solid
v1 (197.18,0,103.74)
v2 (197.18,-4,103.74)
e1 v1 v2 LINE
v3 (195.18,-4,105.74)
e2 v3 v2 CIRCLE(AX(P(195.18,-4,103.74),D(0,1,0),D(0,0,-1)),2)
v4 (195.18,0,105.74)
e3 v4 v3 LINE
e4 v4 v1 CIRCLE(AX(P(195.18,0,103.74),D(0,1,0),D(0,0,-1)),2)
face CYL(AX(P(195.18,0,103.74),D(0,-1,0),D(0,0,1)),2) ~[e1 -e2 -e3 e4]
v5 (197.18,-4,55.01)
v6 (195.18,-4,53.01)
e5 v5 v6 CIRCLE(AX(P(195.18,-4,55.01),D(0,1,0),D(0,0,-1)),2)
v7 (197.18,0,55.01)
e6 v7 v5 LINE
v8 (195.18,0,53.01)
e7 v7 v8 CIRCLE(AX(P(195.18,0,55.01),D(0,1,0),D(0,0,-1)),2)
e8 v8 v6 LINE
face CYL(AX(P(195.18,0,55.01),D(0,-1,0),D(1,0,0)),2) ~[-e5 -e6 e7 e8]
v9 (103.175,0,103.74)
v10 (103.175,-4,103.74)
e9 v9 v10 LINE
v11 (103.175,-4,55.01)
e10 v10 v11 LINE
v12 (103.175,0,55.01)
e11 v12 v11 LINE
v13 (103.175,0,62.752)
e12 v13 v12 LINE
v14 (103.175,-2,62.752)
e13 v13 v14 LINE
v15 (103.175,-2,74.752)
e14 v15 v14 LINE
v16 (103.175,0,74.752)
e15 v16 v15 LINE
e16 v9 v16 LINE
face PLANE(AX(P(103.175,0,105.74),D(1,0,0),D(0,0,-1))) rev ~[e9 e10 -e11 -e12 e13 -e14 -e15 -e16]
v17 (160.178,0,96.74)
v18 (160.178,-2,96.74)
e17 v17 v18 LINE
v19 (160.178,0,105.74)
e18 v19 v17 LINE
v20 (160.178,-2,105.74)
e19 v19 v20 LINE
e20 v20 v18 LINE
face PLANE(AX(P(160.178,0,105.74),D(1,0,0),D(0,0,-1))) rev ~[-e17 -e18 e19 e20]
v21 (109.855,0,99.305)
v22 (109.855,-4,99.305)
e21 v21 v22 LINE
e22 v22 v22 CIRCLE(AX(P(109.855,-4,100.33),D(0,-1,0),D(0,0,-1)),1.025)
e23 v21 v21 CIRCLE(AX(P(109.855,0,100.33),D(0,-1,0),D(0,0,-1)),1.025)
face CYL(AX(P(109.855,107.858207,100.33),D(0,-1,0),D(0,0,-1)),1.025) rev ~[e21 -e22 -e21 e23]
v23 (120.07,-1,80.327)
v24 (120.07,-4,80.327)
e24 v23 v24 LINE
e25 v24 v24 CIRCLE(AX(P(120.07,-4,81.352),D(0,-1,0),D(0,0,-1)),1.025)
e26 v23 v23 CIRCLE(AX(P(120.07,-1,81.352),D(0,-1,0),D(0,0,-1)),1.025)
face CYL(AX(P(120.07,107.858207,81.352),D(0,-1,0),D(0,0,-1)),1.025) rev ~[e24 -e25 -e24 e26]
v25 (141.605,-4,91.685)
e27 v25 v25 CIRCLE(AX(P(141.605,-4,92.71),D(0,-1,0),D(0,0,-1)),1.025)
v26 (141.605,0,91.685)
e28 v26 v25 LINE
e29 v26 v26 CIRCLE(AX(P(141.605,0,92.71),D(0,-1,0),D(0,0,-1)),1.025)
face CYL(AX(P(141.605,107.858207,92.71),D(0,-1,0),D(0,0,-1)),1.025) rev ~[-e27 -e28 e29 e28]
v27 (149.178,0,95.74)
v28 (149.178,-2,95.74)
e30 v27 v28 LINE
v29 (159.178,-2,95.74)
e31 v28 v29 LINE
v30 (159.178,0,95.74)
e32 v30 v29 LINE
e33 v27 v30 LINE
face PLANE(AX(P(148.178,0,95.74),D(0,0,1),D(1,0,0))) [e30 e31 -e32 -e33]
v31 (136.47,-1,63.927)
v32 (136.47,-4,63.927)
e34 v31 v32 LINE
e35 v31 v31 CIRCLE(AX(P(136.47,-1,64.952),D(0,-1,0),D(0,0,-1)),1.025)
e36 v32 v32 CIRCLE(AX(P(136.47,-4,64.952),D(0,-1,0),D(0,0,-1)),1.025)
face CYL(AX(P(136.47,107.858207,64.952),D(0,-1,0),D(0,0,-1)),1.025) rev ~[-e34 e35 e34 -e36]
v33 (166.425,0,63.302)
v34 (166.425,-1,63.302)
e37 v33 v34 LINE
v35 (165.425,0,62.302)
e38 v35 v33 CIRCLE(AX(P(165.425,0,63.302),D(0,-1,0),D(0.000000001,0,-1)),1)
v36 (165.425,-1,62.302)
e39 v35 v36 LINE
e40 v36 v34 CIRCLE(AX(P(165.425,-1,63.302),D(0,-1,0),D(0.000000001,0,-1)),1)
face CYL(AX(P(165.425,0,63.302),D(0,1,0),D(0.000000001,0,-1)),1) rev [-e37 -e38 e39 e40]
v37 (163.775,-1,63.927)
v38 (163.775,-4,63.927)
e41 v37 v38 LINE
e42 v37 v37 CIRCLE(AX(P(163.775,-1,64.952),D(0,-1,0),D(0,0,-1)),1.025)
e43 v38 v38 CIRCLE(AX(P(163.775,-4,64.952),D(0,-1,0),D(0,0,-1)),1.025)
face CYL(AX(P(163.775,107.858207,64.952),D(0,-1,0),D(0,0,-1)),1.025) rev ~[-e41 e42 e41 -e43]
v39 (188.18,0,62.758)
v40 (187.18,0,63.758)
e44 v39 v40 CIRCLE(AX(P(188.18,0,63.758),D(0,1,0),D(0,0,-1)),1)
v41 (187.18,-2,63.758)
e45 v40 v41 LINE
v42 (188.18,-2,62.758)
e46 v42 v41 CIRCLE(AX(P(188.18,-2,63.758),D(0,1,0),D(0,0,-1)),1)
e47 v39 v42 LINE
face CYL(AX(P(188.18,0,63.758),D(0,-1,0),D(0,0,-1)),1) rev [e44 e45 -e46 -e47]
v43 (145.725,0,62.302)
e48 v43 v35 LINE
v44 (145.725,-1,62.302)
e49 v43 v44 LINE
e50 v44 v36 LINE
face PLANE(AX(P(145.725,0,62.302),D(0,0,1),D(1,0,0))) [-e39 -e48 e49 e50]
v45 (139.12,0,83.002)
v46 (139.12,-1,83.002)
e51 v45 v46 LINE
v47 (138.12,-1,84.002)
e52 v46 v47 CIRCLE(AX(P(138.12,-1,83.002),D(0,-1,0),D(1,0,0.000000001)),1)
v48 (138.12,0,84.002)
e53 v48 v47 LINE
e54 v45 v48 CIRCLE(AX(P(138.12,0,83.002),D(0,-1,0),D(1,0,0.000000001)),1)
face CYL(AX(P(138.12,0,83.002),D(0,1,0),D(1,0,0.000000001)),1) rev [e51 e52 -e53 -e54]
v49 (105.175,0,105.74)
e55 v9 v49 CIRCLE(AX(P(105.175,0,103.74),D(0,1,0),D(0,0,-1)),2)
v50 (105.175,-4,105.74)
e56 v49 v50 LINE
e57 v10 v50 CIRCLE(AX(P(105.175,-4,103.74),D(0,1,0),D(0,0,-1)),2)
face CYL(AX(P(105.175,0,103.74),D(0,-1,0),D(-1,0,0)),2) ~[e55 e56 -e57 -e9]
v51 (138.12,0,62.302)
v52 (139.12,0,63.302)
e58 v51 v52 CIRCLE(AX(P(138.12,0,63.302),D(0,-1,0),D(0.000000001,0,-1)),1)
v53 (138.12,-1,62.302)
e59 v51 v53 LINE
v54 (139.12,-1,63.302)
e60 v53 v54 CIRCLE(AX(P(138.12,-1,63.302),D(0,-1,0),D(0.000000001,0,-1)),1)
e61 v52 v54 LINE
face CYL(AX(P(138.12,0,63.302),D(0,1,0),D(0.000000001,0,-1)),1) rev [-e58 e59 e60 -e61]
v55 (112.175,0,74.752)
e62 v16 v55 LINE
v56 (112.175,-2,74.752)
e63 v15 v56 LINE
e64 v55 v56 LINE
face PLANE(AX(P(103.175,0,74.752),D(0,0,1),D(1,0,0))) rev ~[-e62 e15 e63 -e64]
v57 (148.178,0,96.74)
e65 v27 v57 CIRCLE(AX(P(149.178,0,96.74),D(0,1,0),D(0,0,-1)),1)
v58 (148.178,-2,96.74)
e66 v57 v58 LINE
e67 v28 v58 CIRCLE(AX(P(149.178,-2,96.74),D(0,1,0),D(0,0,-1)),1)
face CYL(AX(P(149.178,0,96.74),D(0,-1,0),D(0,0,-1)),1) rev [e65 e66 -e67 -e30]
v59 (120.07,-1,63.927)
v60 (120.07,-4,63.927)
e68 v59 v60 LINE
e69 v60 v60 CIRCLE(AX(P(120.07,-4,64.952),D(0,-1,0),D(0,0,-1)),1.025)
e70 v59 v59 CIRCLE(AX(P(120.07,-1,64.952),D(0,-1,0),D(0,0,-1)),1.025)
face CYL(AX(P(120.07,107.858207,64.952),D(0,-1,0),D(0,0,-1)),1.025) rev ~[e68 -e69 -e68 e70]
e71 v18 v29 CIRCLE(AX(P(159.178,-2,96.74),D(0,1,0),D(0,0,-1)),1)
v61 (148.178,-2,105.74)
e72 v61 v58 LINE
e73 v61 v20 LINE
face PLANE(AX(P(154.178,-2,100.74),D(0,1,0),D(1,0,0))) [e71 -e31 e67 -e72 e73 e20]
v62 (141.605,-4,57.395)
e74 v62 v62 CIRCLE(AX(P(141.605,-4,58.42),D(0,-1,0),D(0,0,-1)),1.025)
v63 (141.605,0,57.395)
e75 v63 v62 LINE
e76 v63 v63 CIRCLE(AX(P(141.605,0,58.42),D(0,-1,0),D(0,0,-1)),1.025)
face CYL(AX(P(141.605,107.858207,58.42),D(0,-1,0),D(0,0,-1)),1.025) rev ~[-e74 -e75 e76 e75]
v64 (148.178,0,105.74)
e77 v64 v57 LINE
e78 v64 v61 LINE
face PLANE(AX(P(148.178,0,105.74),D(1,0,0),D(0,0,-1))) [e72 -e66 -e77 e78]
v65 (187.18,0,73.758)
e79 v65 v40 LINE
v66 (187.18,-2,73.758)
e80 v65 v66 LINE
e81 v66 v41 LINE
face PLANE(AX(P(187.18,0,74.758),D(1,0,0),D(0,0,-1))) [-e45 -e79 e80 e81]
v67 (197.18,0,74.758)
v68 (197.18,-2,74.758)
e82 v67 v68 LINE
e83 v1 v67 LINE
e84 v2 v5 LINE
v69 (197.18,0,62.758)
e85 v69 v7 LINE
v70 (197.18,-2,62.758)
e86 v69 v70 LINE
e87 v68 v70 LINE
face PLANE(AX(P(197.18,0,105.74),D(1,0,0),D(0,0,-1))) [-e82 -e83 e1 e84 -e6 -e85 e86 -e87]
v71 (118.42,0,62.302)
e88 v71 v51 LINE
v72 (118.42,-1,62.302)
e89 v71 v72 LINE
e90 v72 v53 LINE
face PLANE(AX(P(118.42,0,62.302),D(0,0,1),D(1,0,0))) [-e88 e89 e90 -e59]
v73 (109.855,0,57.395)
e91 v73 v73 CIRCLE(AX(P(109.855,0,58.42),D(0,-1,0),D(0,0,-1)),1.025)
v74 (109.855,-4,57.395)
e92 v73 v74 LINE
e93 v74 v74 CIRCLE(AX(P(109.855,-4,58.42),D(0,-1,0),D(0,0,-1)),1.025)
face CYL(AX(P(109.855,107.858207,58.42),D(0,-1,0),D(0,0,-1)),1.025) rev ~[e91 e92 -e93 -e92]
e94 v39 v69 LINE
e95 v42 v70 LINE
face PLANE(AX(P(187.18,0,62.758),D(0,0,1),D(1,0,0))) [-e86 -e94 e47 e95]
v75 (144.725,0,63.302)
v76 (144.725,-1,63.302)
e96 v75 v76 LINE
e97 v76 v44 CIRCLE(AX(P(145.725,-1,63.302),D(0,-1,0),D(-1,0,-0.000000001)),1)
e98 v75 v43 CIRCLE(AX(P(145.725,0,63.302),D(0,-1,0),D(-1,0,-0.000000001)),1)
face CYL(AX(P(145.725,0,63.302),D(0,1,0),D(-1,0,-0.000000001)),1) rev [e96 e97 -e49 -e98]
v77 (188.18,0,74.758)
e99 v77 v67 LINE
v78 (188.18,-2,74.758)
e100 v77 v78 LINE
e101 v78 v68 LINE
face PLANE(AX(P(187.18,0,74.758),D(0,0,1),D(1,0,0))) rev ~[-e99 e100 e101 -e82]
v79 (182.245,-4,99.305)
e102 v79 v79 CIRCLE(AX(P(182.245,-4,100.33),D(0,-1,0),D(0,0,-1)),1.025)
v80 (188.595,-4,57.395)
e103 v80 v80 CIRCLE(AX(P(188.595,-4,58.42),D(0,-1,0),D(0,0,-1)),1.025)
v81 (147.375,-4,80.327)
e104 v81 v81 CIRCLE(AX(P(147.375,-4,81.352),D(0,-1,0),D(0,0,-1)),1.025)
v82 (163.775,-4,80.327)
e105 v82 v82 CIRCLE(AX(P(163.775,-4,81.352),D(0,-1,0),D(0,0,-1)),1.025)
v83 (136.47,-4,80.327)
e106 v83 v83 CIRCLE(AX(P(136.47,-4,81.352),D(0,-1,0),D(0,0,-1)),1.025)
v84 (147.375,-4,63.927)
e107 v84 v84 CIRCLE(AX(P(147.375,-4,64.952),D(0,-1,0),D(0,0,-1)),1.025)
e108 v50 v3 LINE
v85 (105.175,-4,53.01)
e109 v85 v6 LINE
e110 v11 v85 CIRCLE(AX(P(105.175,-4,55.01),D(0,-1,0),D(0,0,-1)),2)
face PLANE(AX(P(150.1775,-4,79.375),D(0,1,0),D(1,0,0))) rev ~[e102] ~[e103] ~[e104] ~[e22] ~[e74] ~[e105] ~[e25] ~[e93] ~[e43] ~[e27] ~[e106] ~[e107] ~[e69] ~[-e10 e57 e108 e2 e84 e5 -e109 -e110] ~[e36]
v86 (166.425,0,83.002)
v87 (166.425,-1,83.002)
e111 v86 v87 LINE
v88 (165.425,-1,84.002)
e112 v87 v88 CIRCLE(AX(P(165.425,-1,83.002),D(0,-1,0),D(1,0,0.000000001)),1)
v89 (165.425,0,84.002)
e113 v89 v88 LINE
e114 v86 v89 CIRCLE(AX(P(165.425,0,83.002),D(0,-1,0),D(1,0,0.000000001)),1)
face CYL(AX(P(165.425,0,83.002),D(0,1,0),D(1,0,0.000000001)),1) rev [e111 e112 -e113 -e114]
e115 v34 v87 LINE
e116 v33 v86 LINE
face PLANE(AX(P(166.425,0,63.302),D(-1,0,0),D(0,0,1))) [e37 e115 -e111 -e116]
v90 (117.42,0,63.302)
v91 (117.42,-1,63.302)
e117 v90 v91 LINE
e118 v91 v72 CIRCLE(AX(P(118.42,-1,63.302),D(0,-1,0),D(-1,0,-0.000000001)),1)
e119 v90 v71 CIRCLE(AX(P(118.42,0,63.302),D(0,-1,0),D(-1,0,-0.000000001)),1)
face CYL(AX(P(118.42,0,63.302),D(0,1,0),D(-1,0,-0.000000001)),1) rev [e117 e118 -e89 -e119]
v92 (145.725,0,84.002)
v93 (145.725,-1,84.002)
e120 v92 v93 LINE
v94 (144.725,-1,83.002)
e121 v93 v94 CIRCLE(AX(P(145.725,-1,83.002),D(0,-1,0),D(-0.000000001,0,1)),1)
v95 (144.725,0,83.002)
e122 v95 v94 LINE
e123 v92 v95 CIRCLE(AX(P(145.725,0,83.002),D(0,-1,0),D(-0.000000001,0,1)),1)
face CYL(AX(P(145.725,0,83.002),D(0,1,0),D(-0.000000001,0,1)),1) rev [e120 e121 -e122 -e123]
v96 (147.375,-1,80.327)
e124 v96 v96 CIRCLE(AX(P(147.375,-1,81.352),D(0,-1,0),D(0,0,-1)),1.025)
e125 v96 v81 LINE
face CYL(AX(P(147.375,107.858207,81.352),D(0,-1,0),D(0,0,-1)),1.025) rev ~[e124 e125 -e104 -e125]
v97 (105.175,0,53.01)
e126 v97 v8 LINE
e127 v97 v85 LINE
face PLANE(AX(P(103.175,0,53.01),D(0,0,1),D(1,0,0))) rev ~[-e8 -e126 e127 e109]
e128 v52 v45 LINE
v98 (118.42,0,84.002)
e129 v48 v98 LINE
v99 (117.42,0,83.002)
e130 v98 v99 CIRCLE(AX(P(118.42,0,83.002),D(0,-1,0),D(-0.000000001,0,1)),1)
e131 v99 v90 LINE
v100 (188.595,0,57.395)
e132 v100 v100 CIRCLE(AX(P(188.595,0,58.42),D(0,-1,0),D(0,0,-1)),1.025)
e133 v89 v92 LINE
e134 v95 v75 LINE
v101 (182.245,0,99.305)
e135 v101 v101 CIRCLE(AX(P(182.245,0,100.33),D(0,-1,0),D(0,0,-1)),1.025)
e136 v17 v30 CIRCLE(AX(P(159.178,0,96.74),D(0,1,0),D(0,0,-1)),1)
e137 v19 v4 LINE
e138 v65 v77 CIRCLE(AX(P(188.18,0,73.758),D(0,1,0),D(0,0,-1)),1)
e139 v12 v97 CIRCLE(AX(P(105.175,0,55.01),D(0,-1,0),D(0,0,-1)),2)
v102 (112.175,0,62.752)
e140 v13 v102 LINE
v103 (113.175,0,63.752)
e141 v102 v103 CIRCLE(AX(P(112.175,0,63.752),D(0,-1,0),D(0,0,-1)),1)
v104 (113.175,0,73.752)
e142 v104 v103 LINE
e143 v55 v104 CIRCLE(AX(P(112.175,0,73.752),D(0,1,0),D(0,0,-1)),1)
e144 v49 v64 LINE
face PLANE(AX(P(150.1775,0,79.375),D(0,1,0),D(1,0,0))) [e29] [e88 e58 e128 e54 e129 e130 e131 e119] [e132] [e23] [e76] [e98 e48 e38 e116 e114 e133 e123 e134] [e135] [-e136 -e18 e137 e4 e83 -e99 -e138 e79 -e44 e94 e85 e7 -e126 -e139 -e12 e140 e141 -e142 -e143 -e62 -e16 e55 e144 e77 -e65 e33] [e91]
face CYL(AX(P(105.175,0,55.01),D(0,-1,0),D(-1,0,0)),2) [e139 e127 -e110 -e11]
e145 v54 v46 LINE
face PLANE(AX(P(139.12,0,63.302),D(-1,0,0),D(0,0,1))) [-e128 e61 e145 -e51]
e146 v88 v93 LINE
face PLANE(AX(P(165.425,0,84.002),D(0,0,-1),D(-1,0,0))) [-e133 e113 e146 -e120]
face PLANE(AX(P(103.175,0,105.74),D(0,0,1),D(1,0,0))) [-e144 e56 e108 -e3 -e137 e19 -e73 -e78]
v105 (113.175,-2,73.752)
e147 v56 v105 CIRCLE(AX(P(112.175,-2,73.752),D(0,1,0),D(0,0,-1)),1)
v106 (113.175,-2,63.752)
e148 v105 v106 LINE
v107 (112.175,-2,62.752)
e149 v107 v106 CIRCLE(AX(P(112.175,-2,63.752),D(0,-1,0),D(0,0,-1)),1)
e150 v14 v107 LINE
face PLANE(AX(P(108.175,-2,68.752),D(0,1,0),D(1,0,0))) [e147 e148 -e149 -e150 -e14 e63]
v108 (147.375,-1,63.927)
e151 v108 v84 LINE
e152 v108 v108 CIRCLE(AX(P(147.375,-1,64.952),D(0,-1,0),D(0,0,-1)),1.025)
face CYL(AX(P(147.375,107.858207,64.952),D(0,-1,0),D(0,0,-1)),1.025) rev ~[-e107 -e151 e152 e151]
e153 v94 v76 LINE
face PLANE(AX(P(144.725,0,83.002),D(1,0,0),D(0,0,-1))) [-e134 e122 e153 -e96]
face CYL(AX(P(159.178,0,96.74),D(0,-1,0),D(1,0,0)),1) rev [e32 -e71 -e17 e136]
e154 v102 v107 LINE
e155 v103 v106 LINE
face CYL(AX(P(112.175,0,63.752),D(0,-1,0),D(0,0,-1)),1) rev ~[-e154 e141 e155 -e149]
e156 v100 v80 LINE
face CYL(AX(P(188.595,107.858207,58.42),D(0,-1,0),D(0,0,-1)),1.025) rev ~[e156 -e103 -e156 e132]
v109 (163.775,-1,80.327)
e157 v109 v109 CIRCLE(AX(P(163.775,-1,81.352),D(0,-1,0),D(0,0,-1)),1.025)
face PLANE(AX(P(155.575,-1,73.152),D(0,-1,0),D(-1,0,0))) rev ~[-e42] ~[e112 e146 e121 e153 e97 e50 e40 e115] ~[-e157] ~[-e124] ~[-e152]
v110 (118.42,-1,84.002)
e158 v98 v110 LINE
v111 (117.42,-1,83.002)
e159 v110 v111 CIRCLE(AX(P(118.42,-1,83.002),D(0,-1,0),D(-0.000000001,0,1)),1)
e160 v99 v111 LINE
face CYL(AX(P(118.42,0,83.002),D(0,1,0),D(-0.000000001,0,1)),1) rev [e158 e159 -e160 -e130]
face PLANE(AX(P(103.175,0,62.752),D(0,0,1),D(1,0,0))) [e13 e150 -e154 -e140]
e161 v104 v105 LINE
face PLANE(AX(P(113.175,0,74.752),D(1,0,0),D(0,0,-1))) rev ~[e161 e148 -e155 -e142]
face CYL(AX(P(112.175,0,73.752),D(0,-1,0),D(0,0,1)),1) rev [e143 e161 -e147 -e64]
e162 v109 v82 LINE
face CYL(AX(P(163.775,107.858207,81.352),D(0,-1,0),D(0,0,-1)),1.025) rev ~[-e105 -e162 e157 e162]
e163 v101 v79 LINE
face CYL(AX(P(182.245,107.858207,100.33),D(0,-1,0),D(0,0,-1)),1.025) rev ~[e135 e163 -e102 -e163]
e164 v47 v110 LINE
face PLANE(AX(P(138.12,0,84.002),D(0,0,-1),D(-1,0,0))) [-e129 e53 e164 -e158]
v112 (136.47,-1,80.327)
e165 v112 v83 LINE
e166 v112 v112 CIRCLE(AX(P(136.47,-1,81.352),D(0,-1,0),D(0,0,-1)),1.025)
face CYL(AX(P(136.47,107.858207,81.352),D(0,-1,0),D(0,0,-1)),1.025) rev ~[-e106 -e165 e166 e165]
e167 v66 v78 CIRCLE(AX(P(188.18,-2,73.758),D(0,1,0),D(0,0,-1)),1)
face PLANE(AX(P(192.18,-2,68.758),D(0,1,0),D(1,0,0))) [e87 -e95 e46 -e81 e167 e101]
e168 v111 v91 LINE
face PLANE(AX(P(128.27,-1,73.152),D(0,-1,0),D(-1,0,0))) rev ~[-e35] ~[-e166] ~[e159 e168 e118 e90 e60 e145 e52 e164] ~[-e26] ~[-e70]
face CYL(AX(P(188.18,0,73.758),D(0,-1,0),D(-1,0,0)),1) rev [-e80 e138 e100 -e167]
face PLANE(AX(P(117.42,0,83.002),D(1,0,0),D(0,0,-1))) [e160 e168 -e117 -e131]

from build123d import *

# Parameters (mm, degrees)
SKETCH_2_W          = 94.005
SKETCH_2_H          = 52.73
EXTRUDE_1_DEPTH     = 4
FILLET_1_R          = 2
M2_5X0_45_1_D       = 2.05
CUT_EXTRUDE_1_DEPTH = 1
SKETCH_8_W          = 10
SKETCH_8_H          = 12
SKETCH_8_W_2        = 12
SKETCH_8_H_2        = 10
CUT_EXTRUDE_2_DEPTH = 2
FILLET_2_R          = 1


with BuildPart() as part:
    # 草图2 → 凸台-拉伸1 (new body)
    with BuildSketch(Plane(origin=(0, 0, 0), x_dir=(1, 0, 0), z_dir=(0, 1, 0))):
        with Locations((150.1775, -79.375)):
            Rectangle(SKETCH_2_W, SKETCH_2_H)
    extrude(amount=-EXTRUDE_1_DEPTH)

    # 圆角1
    fillet_1_edges = [part.edges().sort_by_distance(p)[0] for p in [
        (197.18, -2, 53.01),
        (197.18, -2, 105.74),
        (103.175, -2, 105.74),
        (103.175, -2, 53.01),
    ]]
    fillet(fillet_1_edges, radius=FILLET_1_R)

    # M2.5x0.45 螺纹孔1 (through all)
    with Locations(Plane(origin=(109.855, 0, 58.42), x_dir=(0, 0, 1), z_dir=(0, 1, 0))):
        with Locations((0, 0), (41.91, 0), (34.29, 31.75), (22.932, 26.615), (22.932, 10.215), (6.532, 10.215), (6.532, 26.615), (6.532, 37.52), (22.932, 37.52), (22.932, 53.92), (6.532, 53.92), (0, 78.74), (41.91, 72.39), (0, 31.75)):
            Hole(M2_5X0_45_1_D / 2)

    # 草图7 → 切除-拉伸1 (cut)
    with BuildSketch(Plane(origin=(0, 0, 0), x_dir=(1, 0, 0), z_dir=(0, 1, 0))):
        with BuildLine():
            Line((118.42, -62.302), (138.12, -62.302))
            ThreePointArc((138.12, -62.302), (138.827106781, -62.594893219), (139.12, -63.302))
            Line((139.12, -63.302), (139.12, -83.002))
            ThreePointArc((139.12, -83.002), (138.827106781, -83.709106781), (138.12, -84.002))
            Line((138.12, -84.002), (118.42, -84.002))
            ThreePointArc((118.42, -84.002), (117.712893219, -83.709106781), (117.42, -83.002))
            Line((117.42, -83.002), (117.42, -63.302))
            ThreePointArc((117.42, -63.302), (117.712893219, -62.594893219), (118.42, -62.302))
        make_face()
        with BuildLine():
            Line((145.725, -62.302), (165.425, -62.302))
            ThreePointArc((165.425, -62.302), (166.132106781, -62.594893219), (166.425, -63.302))
            Line((166.425, -63.302), (166.425, -83.002))
            ThreePointArc((166.425, -83.002), (166.132106781, -83.709106781), (165.425, -84.002))
            Line((165.425, -84.002), (145.725, -84.002))
            ThreePointArc((145.725, -84.002), (145.017893219, -83.709106781), (144.725, -83.002))
            Line((144.725, -83.002), (144.725, -63.302))
            ThreePointArc((144.725, -63.302), (145.017893219, -62.594893219), (145.725, -62.302))
        make_face()
    extrude(amount=-CUT_EXTRUDE_1_DEPTH, mode=Mode.SUBTRACT)

    # 草图8 → 切除-拉伸2 (cut)
    with BuildSketch(Plane(origin=(0, 0, 0), x_dir=(1, 0, 0), z_dir=(0, 1, 0))):
        with Locations((108.175, -68.752)):
            Rectangle(SKETCH_8_W, SKETCH_8_H)
        with Locations((192.18, -68.758)):
            Rectangle(SKETCH_8_W, SKETCH_8_H)
        with Locations((154.178, -100.74)):
            Rectangle(SKETCH_8_W_2, SKETCH_8_H_2)
    extrude(amount=-CUT_EXTRUDE_2_DEPTH, mode=Mode.SUBTRACT)

    # 圆角2
    fillet_2_edges = [part.edges().sort_by_distance(p)[0] for p in [
        (113.175, -1, 62.752),
        (113.175, -1, 74.752),
        (187.18, -1, 74.758),
        (187.18, -1, 62.758),
        (148.178, -1, 95.74),
        (160.178, -1, 95.74),
    ]]
    fillet(fillet_2_edges, radius=FILLET_2_R)


solid = part.part
